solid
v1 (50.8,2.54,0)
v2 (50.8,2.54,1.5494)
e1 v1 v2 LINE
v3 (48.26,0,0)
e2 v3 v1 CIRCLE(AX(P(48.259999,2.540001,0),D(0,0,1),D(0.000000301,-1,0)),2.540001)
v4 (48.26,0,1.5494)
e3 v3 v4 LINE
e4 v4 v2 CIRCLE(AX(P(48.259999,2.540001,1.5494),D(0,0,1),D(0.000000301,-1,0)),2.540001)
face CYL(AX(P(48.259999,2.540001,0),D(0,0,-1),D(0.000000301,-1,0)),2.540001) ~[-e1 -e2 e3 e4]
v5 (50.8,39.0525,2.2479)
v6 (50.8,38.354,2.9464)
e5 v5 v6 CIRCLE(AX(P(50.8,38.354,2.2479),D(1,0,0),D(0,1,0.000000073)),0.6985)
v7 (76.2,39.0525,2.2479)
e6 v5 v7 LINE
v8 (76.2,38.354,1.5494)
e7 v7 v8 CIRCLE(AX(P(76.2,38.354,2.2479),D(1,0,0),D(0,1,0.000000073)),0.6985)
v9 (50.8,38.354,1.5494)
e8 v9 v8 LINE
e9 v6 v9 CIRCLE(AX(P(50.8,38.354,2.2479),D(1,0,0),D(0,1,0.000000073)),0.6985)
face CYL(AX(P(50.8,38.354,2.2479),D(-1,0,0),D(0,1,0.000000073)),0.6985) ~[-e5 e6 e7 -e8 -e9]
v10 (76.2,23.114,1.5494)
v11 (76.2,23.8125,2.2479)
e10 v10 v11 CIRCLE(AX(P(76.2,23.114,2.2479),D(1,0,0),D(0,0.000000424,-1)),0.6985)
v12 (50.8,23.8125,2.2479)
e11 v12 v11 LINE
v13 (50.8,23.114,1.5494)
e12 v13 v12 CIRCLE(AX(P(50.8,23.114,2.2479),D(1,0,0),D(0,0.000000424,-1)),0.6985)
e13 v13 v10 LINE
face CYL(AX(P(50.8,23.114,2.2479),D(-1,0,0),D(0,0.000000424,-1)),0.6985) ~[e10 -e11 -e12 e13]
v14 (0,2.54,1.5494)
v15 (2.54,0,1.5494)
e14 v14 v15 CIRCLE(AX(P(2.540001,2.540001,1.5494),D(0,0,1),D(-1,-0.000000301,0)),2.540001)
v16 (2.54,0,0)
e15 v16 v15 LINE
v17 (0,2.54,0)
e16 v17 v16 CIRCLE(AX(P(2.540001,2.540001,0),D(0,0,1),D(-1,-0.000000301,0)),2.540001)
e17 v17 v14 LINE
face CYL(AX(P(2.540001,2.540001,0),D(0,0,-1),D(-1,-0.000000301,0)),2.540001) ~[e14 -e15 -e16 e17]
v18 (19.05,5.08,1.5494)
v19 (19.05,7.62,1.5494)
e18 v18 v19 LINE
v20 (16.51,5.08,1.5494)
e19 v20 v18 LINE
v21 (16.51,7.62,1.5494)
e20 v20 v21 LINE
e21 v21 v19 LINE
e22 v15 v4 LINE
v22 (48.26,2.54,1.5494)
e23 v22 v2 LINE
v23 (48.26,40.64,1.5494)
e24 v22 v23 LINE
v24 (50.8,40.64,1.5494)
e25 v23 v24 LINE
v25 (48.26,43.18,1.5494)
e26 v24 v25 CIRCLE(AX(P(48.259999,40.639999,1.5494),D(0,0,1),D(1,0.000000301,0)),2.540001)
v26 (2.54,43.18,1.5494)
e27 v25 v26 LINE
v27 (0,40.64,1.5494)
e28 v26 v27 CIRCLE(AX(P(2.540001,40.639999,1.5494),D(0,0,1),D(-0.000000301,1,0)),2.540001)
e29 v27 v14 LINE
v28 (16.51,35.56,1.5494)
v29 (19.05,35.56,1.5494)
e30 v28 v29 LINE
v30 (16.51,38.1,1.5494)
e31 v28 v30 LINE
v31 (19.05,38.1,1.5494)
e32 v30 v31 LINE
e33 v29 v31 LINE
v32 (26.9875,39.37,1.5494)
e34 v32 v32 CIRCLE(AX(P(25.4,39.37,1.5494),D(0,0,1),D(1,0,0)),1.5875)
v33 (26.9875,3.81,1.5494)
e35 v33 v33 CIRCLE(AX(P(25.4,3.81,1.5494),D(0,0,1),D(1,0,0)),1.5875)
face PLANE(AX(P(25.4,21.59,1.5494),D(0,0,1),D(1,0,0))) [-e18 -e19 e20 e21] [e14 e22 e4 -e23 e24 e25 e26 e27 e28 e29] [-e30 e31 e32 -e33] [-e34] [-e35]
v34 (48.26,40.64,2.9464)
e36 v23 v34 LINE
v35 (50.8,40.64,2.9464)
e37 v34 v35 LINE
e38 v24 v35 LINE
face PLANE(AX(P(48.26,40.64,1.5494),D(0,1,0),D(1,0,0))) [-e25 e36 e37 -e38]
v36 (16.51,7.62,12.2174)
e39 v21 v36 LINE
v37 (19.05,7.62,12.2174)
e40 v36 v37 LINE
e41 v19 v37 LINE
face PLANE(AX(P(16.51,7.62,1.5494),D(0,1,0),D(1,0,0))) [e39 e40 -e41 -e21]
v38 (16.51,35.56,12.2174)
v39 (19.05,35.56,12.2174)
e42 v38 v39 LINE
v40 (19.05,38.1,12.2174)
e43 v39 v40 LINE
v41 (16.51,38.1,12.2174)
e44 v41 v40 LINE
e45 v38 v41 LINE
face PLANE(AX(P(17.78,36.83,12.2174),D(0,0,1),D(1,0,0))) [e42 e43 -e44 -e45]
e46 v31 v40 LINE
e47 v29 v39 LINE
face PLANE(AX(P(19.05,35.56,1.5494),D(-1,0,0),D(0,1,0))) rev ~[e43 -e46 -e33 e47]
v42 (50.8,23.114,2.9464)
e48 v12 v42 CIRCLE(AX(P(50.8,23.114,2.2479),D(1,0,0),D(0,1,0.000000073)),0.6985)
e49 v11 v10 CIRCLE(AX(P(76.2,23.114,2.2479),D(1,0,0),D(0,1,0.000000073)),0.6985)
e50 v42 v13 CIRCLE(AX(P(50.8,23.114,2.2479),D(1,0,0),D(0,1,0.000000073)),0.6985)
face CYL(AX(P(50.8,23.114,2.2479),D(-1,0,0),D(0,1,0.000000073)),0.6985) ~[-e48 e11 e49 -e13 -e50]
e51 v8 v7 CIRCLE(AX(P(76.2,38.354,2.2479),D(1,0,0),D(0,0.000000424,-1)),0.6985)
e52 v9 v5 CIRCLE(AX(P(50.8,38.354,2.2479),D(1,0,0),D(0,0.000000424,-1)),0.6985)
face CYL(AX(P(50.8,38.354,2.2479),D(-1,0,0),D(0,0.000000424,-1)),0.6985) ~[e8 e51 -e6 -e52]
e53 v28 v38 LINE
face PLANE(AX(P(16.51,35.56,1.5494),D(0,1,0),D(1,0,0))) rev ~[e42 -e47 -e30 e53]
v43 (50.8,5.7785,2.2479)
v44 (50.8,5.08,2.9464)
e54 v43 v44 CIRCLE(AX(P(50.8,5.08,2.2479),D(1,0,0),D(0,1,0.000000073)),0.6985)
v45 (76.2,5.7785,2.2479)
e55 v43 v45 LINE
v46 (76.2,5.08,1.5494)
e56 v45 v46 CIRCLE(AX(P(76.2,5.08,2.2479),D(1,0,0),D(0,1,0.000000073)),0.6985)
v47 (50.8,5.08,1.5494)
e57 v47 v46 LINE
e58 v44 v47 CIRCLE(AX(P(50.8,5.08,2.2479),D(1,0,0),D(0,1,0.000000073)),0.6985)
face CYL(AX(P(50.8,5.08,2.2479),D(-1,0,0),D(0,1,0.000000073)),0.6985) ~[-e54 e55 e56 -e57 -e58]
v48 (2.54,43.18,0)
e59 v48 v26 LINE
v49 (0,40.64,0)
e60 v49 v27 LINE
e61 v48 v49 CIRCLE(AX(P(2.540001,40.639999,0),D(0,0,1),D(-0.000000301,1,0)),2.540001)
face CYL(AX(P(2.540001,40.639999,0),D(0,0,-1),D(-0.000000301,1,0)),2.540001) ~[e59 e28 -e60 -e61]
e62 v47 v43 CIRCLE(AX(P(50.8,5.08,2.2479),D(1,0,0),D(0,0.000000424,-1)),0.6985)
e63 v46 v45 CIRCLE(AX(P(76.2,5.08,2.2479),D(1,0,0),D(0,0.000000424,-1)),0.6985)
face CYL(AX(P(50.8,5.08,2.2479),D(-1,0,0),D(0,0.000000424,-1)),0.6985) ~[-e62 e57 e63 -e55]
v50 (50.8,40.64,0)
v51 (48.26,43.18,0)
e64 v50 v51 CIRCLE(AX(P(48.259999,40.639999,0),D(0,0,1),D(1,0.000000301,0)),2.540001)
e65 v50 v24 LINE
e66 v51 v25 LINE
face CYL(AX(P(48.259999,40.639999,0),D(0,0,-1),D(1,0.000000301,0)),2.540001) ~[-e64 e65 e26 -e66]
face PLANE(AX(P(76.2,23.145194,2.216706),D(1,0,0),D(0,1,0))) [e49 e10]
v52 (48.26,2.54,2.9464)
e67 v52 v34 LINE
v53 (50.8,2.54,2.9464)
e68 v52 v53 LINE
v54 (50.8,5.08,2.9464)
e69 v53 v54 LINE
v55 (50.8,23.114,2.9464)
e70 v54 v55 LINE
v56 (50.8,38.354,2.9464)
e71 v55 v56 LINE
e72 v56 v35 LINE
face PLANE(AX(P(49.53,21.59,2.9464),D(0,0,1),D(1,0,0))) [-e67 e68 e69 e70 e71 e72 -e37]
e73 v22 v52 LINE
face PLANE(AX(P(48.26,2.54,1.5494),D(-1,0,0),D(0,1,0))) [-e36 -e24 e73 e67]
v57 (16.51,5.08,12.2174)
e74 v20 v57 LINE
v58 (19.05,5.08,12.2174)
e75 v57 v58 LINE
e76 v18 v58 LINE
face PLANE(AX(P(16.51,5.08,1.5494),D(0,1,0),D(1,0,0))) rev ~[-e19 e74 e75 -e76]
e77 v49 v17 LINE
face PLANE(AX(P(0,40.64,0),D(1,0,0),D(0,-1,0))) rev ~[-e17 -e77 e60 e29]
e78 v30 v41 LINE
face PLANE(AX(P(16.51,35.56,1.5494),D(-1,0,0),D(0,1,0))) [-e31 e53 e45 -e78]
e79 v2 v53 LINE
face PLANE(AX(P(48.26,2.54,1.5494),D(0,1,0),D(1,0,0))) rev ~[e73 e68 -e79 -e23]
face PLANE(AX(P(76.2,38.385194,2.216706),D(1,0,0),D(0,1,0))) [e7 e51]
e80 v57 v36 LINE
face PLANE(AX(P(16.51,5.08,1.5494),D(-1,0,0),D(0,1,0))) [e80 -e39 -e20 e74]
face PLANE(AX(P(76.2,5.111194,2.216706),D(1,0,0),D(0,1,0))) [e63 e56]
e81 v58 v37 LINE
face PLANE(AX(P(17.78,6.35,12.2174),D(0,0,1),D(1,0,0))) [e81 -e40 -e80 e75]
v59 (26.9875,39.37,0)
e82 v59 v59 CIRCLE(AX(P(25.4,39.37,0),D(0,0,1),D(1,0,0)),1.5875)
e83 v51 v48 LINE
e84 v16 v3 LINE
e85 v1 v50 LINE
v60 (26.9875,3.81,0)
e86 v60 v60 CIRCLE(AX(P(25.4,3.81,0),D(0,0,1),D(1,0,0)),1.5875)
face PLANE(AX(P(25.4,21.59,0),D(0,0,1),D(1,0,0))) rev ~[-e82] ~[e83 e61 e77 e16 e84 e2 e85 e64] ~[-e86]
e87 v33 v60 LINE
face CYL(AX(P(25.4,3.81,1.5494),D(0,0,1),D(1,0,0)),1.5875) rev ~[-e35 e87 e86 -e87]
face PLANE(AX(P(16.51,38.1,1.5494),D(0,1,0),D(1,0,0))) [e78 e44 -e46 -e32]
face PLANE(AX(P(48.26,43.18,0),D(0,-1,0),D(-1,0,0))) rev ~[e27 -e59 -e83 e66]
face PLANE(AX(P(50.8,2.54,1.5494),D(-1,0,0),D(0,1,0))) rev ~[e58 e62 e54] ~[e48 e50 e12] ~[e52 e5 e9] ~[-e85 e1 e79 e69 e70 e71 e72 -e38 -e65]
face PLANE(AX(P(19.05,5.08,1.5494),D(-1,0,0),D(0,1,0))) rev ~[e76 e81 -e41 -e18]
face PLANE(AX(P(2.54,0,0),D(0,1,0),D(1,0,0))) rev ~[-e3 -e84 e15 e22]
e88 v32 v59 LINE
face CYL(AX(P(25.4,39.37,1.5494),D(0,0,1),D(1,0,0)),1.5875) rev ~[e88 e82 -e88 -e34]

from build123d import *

# Parameters (mm, degrees)
F1_DEPTH = 1.5494
F2_R     = 1.5875
F3_DEPTH = 25.4
F4_W     = 2.54
F4_H     = 2.54
F5_DEPTH = 10.668
F7_W     = 2.54
F7_H     = 38.1
F8_DEPTH = 1.397
F9_DEPTH = 25.4


with BuildPart() as f1:
    # F0 (on Top) → F1 (new body)
    with BuildSketch(Plane.XY):
        with BuildLine():
            ThreePointArc((0, 2.54), (0.743949, 0.743949), (2.54, 0))
            Line((2.54, 0), (48.26, 0))
            ThreePointArc((48.26, 0), (50.056051, 0.743949), (50.8, 2.54))
            Line((50.8, 2.54), (50.8, 40.64))
            ThreePointArc((50.8, 40.64), (50.056051, 42.436051), (48.26, 43.18))
            Line((48.26, 43.18), (2.54, 43.18))
            ThreePointArc((2.54, 43.18), (0.743949, 42.436051), (0, 40.64))
            Line((0, 40.64), (0, 2.54))
        make_face()
    extrude(amount=F1_DEPTH)

    # F2 (on face) → F3 (cut)
    with BuildSketch(Plane.XY.offset(1.5494)):
        with Locations((25.4, 39.37)):
            Circle(F2_R)
        with Locations((25.4, 3.81)):
            Circle(F2_R)
    extrude(amount=-F3_DEPTH, mode=Mode.SUBTRACT)

    # F4 (on face) → F5 (join)
    with BuildSketch(Plane.XY.offset(1.5494)):
        with Locations((17.78, 36.83)):
            Rectangle(F4_W, F4_H)
        with Locations((17.78, 6.35)):
            Rectangle(F4_W, F4_H)
    extrude(amount=F5_DEPTH)

    # F7 (on face) → F8 (join)
    with BuildSketch(Plane.XY.offset(1.5494)):
        with Locations((49.53, 21.59)):
            Rectangle(F7_W, F7_H)
    extrude(amount=F8_DEPTH)

    # F6 (on face) → F9 (join)
    with BuildSketch(Plane.YZ.offset(50.8)):
        with BuildLine():
            ThreePointArc((5.08, 1.5494), (5.573914, 1.753986), (5.7785, 2.2479))
            ThreePointArc((5.7785, 2.2479), (4.586086, 2.741814), (5.08, 1.5494))
        make_face()
        with BuildLine():
            ThreePointArc((23.8125, 2.2479), (22.620086, 2.741814), (23.114, 1.5494))
            ThreePointArc((23.114, 1.5494), (23.607914, 1.753986), (23.8125, 2.2479))
        make_face()
        with BuildLine():
            ThreePointArc((39.0525, 2.2479), (37.860086, 2.741814), (38.354, 1.5494))
            ThreePointArc((38.354, 1.5494), (38.847914, 1.753986), (39.0525, 2.2479))
        make_face()
    extrude(amount=F9_DEPTH)


solid = f1.part
